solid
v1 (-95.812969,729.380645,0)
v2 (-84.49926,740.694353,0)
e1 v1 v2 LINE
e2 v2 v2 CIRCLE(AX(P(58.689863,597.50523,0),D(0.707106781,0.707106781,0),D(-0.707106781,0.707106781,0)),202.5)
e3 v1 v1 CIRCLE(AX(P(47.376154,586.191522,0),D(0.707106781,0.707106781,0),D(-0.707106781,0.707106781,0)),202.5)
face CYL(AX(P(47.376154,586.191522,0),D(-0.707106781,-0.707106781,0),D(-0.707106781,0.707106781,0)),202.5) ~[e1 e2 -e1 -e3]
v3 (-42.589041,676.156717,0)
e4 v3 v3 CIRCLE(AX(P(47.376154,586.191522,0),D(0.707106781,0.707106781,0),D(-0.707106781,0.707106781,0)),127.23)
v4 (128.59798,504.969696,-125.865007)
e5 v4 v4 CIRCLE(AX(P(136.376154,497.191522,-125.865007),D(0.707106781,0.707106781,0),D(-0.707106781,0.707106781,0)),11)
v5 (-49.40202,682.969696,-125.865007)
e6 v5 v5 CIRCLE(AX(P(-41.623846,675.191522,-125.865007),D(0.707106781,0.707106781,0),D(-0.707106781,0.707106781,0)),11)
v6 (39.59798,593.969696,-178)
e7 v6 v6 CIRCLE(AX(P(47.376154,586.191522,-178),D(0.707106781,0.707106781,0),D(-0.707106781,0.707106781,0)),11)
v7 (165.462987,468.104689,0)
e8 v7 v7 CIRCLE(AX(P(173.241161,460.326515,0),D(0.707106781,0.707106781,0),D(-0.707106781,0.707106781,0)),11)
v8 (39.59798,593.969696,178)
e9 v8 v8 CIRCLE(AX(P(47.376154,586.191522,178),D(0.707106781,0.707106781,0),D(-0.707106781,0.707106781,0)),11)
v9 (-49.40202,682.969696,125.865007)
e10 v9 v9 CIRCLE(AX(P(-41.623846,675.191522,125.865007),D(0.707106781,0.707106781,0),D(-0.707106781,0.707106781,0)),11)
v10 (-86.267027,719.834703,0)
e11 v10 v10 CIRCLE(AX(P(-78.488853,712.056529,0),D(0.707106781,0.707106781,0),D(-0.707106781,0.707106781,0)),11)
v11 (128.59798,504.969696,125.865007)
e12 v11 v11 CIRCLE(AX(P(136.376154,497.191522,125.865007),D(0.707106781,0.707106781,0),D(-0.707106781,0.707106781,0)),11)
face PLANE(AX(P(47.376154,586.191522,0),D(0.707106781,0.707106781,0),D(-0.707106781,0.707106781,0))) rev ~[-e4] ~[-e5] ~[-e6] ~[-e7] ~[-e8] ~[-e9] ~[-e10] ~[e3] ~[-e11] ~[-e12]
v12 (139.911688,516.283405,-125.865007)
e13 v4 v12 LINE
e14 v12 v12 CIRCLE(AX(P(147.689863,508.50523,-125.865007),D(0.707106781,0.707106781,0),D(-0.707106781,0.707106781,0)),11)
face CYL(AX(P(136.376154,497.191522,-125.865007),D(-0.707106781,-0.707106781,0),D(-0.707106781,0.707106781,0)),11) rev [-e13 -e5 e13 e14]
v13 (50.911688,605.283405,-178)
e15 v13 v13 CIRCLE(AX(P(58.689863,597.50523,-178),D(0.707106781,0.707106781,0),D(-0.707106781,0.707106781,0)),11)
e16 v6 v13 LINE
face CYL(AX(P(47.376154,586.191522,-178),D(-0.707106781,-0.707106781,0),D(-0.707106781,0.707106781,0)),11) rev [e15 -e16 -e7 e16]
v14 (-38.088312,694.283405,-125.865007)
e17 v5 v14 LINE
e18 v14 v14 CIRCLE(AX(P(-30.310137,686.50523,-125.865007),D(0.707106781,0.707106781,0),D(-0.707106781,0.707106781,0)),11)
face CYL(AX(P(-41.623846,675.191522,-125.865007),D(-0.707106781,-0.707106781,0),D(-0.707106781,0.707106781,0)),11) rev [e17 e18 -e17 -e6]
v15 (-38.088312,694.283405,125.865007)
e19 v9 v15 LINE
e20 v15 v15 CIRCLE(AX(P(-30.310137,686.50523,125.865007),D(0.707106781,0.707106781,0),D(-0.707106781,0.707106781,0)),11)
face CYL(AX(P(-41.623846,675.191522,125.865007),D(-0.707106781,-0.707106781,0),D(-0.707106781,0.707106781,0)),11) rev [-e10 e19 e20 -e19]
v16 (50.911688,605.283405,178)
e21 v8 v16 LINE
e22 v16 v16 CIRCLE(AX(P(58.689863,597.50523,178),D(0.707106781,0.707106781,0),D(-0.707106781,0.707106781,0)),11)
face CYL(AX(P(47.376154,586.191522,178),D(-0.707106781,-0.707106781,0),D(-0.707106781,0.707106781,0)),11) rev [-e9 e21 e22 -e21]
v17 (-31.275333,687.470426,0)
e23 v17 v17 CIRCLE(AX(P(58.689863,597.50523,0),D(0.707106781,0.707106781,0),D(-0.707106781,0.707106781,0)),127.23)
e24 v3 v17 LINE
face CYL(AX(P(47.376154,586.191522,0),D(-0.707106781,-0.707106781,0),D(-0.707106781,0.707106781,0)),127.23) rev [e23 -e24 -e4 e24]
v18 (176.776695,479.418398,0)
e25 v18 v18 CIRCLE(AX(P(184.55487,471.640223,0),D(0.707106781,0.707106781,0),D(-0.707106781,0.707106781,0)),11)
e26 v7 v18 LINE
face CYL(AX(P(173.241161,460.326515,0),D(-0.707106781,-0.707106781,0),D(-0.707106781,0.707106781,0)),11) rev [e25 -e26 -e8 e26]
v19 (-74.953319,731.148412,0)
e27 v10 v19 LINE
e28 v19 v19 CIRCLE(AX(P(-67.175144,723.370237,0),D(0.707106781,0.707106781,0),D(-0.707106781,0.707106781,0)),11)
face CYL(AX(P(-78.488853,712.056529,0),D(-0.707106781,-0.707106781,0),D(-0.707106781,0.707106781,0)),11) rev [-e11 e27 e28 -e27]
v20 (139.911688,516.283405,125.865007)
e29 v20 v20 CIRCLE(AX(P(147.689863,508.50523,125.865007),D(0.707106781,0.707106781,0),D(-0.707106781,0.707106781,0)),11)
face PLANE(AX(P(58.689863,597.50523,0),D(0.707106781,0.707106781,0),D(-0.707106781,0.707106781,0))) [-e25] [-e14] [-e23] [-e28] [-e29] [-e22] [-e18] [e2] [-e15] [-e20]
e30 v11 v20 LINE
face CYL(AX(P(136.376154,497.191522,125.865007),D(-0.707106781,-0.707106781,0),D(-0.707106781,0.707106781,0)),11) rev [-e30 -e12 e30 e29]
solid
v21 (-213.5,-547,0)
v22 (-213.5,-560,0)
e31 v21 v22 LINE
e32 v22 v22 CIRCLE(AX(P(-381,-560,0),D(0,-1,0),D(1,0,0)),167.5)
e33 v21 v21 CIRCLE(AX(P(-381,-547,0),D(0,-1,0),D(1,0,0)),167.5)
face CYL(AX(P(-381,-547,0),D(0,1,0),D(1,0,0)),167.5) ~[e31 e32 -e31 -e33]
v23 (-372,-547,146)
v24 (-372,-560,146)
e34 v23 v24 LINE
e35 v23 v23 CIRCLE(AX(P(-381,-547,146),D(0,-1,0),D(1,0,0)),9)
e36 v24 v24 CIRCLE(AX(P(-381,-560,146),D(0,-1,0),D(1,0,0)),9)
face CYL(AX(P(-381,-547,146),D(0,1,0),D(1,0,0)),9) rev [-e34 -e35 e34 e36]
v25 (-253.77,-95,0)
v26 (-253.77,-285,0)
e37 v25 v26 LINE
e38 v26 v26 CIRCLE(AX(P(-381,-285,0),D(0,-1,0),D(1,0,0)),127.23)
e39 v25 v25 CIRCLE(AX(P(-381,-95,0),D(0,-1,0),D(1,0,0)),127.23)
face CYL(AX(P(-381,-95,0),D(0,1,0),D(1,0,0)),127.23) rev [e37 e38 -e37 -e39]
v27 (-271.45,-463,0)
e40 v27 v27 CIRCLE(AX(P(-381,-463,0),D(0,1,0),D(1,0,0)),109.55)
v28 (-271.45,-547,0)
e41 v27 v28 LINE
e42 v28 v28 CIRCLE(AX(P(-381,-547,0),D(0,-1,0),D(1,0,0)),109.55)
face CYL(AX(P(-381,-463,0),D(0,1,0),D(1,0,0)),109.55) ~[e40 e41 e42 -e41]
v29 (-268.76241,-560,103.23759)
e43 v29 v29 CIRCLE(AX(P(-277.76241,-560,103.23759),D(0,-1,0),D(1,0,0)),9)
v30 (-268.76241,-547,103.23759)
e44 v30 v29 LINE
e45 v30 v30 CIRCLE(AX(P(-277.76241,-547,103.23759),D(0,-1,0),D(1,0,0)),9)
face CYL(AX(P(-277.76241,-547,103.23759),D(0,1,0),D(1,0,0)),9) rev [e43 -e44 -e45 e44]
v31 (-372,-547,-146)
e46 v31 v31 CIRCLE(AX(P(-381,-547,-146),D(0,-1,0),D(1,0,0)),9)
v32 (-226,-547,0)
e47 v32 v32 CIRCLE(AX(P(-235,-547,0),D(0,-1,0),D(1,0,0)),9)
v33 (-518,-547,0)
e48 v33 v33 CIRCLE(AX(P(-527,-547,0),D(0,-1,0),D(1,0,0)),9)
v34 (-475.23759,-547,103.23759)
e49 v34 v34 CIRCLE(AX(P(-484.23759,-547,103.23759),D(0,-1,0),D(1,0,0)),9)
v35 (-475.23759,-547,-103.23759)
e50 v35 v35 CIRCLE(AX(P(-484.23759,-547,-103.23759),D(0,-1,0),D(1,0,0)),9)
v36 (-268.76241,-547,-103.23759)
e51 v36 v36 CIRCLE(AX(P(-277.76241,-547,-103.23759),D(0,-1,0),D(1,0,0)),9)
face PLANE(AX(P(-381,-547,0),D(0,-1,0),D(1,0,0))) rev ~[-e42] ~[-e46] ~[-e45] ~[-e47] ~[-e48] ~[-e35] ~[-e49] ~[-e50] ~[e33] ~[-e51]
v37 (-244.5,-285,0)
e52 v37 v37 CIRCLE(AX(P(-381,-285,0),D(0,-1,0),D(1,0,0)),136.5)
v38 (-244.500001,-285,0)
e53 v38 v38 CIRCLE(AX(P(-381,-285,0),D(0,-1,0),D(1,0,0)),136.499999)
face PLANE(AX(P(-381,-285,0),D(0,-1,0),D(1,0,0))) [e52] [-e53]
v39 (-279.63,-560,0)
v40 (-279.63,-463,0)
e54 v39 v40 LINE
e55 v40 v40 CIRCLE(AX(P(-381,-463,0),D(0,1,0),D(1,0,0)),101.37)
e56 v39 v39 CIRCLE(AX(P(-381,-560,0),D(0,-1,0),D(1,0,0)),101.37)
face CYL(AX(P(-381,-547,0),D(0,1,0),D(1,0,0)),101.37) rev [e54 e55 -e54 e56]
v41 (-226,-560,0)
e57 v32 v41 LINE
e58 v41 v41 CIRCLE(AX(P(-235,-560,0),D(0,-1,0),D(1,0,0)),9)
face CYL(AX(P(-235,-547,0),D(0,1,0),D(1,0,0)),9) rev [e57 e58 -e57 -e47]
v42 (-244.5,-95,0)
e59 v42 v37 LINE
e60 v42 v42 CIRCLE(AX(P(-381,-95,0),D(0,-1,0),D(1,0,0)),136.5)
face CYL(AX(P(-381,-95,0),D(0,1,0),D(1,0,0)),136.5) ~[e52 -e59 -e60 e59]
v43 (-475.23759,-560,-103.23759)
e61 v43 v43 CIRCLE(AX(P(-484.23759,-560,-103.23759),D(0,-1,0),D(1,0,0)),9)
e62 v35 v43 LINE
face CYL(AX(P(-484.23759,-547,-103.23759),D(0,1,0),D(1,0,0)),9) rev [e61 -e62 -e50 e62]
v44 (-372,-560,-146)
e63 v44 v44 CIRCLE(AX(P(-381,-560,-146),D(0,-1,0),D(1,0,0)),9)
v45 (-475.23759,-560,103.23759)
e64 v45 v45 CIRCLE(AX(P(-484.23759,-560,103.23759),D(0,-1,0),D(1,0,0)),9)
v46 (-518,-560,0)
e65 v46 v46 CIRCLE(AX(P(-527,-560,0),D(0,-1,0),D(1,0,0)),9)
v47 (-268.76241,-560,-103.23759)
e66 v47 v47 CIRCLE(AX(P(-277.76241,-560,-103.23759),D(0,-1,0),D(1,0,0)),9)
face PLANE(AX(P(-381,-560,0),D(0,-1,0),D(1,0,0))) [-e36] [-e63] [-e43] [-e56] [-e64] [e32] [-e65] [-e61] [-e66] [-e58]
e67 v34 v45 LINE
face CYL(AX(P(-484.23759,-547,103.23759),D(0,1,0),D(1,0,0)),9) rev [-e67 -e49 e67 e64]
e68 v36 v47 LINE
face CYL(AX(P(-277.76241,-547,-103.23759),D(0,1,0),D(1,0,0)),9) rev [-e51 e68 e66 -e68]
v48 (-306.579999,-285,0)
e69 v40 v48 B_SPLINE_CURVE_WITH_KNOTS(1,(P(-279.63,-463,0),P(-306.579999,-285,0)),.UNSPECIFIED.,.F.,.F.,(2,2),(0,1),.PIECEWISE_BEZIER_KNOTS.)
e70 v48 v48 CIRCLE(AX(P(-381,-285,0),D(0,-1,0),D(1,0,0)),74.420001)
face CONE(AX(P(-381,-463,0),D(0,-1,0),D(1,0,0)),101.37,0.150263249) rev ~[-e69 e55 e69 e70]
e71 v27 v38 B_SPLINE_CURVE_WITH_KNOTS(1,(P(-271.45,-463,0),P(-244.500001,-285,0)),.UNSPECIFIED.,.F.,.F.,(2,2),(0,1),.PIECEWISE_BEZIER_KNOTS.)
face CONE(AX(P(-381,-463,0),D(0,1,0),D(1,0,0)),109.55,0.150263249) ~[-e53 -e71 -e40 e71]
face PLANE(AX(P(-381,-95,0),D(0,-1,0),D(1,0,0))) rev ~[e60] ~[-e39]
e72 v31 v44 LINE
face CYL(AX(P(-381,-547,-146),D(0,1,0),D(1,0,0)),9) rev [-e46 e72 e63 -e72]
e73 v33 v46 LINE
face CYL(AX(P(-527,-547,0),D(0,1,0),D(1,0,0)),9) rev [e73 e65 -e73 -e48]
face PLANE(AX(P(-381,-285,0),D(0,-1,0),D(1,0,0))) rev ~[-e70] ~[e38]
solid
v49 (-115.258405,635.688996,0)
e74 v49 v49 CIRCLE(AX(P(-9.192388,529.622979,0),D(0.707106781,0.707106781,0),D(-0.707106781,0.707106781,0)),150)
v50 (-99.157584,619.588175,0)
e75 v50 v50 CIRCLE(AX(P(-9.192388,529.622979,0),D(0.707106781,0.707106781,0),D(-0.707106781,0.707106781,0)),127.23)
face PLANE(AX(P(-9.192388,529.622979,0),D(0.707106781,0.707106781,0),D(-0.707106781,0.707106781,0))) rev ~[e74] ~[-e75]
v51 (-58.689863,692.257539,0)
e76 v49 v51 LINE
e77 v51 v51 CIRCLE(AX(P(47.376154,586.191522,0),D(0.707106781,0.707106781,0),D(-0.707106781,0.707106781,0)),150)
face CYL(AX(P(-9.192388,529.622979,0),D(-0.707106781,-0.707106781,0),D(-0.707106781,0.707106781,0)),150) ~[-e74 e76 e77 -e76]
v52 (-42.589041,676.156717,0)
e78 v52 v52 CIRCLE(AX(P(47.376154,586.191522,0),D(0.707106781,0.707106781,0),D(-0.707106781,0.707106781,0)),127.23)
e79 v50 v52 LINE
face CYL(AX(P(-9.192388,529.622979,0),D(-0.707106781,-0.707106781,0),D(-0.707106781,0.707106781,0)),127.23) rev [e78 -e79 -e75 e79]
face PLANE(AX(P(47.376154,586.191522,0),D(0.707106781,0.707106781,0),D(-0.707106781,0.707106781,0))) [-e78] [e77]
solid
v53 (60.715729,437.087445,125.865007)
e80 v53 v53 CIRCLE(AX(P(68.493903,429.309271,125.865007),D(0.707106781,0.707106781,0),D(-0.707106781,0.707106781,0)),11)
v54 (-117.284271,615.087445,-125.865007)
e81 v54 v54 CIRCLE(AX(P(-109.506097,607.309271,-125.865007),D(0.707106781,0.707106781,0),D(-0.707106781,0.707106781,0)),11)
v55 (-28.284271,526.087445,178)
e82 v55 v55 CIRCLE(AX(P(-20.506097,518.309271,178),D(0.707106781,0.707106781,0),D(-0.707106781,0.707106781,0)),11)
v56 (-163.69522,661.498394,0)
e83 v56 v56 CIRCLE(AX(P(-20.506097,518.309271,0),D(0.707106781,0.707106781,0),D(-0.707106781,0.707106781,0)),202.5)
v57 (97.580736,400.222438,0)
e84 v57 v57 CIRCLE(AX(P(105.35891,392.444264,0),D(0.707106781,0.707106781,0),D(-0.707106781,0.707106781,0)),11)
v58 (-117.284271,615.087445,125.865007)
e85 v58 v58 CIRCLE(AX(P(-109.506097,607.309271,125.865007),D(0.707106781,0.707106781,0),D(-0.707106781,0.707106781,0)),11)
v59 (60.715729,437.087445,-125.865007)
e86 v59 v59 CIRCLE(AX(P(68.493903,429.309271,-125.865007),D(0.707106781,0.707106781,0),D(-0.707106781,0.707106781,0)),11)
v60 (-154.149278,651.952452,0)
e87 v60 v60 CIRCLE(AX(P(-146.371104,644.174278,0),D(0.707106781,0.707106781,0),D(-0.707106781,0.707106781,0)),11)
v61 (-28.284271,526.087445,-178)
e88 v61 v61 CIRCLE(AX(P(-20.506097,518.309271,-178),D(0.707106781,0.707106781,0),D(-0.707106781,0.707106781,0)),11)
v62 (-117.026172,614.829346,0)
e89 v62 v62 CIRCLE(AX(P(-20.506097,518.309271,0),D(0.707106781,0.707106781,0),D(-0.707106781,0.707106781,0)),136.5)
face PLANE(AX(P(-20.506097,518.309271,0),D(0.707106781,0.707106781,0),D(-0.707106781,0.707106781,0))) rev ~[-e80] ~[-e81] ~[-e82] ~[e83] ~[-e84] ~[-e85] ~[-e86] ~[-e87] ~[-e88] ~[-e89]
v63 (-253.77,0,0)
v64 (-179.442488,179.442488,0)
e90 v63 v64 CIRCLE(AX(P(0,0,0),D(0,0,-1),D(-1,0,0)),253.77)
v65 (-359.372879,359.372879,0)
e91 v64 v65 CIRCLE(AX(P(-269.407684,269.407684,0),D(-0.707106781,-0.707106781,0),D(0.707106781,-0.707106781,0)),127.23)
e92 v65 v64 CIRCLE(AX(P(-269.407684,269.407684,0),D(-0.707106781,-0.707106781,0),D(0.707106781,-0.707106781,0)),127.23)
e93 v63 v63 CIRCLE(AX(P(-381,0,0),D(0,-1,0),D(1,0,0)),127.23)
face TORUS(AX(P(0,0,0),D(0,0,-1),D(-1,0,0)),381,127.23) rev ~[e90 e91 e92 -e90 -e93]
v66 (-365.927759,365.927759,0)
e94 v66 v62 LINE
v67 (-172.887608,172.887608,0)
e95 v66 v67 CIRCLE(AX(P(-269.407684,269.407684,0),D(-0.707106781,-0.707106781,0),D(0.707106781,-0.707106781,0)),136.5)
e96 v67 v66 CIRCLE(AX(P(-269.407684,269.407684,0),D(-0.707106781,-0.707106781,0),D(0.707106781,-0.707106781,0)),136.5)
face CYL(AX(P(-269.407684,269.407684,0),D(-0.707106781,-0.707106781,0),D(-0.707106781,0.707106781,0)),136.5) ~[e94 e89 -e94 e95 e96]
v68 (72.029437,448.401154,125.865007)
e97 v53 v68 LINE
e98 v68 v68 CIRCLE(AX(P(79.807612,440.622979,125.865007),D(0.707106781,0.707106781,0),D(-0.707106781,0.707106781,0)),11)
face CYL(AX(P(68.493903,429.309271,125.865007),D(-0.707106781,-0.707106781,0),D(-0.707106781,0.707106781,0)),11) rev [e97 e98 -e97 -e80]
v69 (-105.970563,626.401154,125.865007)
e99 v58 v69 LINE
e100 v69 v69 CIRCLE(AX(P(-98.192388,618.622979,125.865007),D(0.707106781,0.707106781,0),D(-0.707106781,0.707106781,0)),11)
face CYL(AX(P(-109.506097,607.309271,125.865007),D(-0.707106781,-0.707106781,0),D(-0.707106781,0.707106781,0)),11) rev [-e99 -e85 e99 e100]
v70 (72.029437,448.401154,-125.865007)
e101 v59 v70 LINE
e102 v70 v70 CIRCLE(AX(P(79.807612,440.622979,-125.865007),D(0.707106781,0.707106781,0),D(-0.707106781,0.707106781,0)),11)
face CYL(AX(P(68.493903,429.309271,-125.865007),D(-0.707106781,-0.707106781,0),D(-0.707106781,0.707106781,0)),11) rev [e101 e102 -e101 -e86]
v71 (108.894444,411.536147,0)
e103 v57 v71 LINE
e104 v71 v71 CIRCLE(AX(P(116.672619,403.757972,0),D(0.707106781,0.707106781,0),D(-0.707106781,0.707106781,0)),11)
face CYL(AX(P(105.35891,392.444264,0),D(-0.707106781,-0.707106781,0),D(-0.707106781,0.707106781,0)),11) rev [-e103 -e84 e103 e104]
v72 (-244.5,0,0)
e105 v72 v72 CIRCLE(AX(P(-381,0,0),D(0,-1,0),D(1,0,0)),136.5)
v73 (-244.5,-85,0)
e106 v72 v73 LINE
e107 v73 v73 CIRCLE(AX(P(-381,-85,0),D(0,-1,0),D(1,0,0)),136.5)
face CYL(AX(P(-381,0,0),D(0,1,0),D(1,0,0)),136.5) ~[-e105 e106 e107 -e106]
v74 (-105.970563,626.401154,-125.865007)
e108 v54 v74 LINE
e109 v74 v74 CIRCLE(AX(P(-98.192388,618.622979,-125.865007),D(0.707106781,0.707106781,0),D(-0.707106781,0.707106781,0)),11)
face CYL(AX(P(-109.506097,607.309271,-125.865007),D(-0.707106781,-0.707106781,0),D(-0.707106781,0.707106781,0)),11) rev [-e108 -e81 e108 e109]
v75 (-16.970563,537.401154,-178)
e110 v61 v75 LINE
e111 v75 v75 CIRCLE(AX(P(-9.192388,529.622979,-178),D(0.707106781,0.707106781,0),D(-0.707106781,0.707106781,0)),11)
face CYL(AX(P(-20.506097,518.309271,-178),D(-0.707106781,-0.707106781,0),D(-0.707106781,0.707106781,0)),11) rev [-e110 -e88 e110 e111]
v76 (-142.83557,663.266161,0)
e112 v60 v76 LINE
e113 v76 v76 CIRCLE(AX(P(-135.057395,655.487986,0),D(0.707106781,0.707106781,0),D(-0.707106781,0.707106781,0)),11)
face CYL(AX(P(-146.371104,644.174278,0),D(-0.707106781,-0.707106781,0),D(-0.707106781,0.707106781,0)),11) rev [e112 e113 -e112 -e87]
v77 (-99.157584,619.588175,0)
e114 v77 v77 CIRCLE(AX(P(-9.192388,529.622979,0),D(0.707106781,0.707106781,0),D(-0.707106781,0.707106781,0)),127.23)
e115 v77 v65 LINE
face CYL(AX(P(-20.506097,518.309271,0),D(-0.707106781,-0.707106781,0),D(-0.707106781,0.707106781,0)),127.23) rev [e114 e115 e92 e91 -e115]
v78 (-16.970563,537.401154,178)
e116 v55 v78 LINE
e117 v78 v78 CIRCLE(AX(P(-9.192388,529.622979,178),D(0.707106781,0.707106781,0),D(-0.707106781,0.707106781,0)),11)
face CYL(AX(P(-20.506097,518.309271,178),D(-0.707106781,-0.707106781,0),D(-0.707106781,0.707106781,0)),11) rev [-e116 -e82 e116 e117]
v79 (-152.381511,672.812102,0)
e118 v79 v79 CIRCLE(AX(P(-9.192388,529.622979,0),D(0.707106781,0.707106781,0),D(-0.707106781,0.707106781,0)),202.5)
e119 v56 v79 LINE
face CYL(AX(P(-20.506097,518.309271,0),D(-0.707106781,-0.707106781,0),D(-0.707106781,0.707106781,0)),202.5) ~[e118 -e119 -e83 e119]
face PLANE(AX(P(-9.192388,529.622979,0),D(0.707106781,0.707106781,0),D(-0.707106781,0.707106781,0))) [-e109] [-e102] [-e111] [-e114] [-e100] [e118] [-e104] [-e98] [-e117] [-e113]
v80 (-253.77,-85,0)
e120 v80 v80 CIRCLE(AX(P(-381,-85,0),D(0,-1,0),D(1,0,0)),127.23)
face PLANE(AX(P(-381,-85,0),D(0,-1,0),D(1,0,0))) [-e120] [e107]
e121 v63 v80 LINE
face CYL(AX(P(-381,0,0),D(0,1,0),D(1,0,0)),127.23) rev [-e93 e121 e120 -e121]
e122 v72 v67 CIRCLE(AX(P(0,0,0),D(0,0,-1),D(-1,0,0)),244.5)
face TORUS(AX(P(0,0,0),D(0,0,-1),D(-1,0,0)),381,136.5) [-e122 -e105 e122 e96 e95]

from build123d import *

# Parameters (mm, degrees)
F0_R          = 136.5
F0_R_2        = 127.23
F2_ANGLE      = 45
F3_R          = 136.5
F3_R_2        = 127.23
F4_DEPTH      = 85
F6_START      = 10
F5_R          = 136.5
F5_R_2        = 127.23
F6_DEPTH      = 190
F8_R          = 109.55
F8_R_2        = 101.37
F9_DEPTH      = 178
F9_TAPER      = -8.60945
F9_DEPTH_BACK = 84
F10_R         = 136.5
F10_R_2       = 127.23
F11_DEPTH     = 352
F12_R         = 202.5
F12_R_2       = 11
F12_R_3       = 127.23
F13_DEPTH     = 16
F14_R         = 150
F14_R_2       = 127.23
F15_DEPTH     = 80
F16_R         = 202.5
F16_R_2       = 11
F16_R_3       = 127.23
F17_DEPTH     = 16
F18_R         = 167.5
F18_R_2       = 9
F18_R_3       = 101.37
F19_DEPTH     = 13


with BuildPart() as f2:
    # F0 (on Front) → F2 (revolve)
    with BuildSketch(Plane.XZ):
        with Locations((-381, 0)):
            Circle(F0_R)
        with Locations((-381, 0)):
            Circle(F0_R_2, mode=Mode.SUBTRACT)
    revolve(axis=Axis((0, 0, -33.9096337557), (0, 0, -1)), revolution_arc=F2_ANGLE)

    # F3 (on face) → F4 (join)
    with BuildSketch(Plane.XZ):
        with Locations((-381, 0)):
            Circle(F3_R)
        with Locations((-381, 0)):
            Circle(F3_R_2, mode=Mode.SUBTRACT)
    extrude(amount=F4_DEPTH)

    # F10 (on face) → F11 (join)
    with BuildSketch(Plane(origin=(0, 0, 0), x_dir=(-0.7071067812, 0.7071067812, 0), z_dir=(0.7071067812, 0.7071067812, 0))):
        with Locations((381, 0)):
            Circle(F10_R)
        with Locations((381, 0)):
            Circle(F10_R_2, mode=Mode.SUBTRACT)
    extrude(amount=F11_DEPTH)

    # F12 (on face) → F13 (join)
    with BuildSketch(Plane(origin=(248.9015869777, 248.9015869777, 0), x_dir=(-0.7071067812, 0.7071067812, 0), z_dir=(0.7071067812, 0.7071067812, 0))):
        with Locations((381, 0)):
            Circle(F12_R)
        with Locations((255.1349929488, -125.8650070512)):
            Circle(F12_R_2, mode=Mode.SUBTRACT)
        with Locations((381, -178)):
            Circle(F12_R_2, mode=Mode.SUBTRACT)
        with Locations((506.8650070512, -125.8650070512)):
            Circle(F12_R_2, mode=Mode.SUBTRACT)
        with Locations((203, 0)):
            Circle(F12_R_2, mode=Mode.SUBTRACT)
        with Locations((255.1349929488, 125.8650070512)):
            Circle(F12_R_2, mode=Mode.SUBTRACT)
        with Locations((381, 0)):
            Circle(F12_R_3, mode=Mode.SUBTRACT)
        with Locations((559, 0)):
            Circle(F12_R_2, mode=Mode.SUBTRACT)
        with Locations((381, 178)):
            Circle(F12_R_2, mode=Mode.SUBTRACT)
        with Locations((506.8650070512, 125.8650070512)):
            Circle(F12_R_2, mode=Mode.SUBTRACT)
    extrude(amount=F13_DEPTH)


with BuildPart() as f6:
    # F5 (on face) → F6 (new body)
    with BuildSketch(Plane.XZ.offset(85).offset(F6_START)):
        with Locations((-381, 0)):
            Circle(F5_R)
        with Locations((-381, 0)):
            Circle(F5_R_2, mode=Mode.SUBTRACT)
    extrude(amount=F6_DEPTH)



with BuildPart() as f9:
    # F8 (on offset) → F9 (new body, two sides)
    with BuildSketch(Plane.XZ.offset(463)) as f9_sk:
        with Locations((-381, 0)):
            Circle(F8_R)
        with Locations((-381, 0)):
            Circle(F8_R_2, mode=Mode.SUBTRACT)
    extrude(amount=-F9_DEPTH, taper=F9_TAPER)
    extrude(f9_sk.sketch, amount=F9_DEPTH_BACK)


with BuildPart() as f15:
    # F14 (on face) → F15 (new body)
    with BuildSketch(Plane(origin=(260.2152954766, 260.2152954766, 0), x_dir=(-0.7071067812, 0.7071067812, 0), z_dir=(0.7071067812, 0.7071067812, 0))):
        with Locations((381, 0)):
            Circle(F14_R)
        with Locations((381, 0)):
            Circle(F14_R_2, mode=Mode.SUBTRACT)
    extrude(amount=F15_DEPTH)


with BuildPart() as f17:
    # F16 (on face) → F17 (new body)
    with BuildSketch(Plane(origin=(316.7838379716, 316.7838379716, 0), x_dir=(-0.7071067812, 0.7071067812, 0), z_dir=(0.7071067812, 0.7071067812, 0))):
        with Locations((381, 0)):
            Circle(F16_R)
        with Locations((255.1349929488, -125.8650070512)):
            Circle(F16_R_2, mode=Mode.SUBTRACT)
        with Locations((381, -178)):
            Circle(F16_R_2, mode=Mode.SUBTRACT)
        with Locations((506.8650070512, -125.8650070512)):
            Circle(F16_R_2, mode=Mode.SUBTRACT)
        with Locations((203, 0)):
            Circle(F16_R_2, mode=Mode.SUBTRACT)
        with Locations((255.1349929488, 125.8650070512)):
            Circle(F16_R_2, mode=Mode.SUBTRACT)
        with Locations((381, 0)):
            Circle(F16_R_3, mode=Mode.SUBTRACT)
        with Locations((559, 0)):
            Circle(F16_R_2, mode=Mode.SUBTRACT)
        with Locations((381, 178)):
            Circle(F16_R_2, mode=Mode.SUBTRACT)
        with Locations((506.8650070512, 125.8650070512)):
            Circle(F16_R_2, mode=Mode.SUBTRACT)
    extrude(amount=F17_DEPTH)


with BuildPart() as f6_1:
    add(f6.part)

    add(f9.part)  # F19 merges F9
    # F18 (on face) → F19 (join)
    with BuildSketch(Plane.XZ.offset(547)):
        with Locations((-381, 0)):
            Circle(F18_R)
        with Locations((-484.2375900532, -103.2375900532)):
            Circle(F18_R_2, mode=Mode.SUBTRACT)
        with Locations((-381, -146)):
            Circle(F18_R_2, mode=Mode.SUBTRACT)
        with Locations((-277.7624099468, -103.2375900532)):
            Circle(F18_R_2, mode=Mode.SUBTRACT)
        with Locations((-527, 0)):
            Circle(F18_R_2, mode=Mode.SUBTRACT)
        with Locations((-484.2375900532, 103.2375900532)):
            Circle(F18_R_2, mode=Mode.SUBTRACT)
        with Locations((-381, 0)):
            Circle(F18_R_3, mode=Mode.SUBTRACT)
        with Locations((-235, 0)):
            Circle(F18_R_2, mode=Mode.SUBTRACT)
        with Locations((-381, 146)):
            Circle(F18_R_2, mode=Mode.SUBTRACT)
        with Locations((-277.7624099468, 103.2375900532)):
            Circle(F18_R_2, mode=Mode.SUBTRACT)
    extrude(amount=F19_DEPTH)


solid = Compound([f2.part, f15.part, f17.part, f6_1.part])
